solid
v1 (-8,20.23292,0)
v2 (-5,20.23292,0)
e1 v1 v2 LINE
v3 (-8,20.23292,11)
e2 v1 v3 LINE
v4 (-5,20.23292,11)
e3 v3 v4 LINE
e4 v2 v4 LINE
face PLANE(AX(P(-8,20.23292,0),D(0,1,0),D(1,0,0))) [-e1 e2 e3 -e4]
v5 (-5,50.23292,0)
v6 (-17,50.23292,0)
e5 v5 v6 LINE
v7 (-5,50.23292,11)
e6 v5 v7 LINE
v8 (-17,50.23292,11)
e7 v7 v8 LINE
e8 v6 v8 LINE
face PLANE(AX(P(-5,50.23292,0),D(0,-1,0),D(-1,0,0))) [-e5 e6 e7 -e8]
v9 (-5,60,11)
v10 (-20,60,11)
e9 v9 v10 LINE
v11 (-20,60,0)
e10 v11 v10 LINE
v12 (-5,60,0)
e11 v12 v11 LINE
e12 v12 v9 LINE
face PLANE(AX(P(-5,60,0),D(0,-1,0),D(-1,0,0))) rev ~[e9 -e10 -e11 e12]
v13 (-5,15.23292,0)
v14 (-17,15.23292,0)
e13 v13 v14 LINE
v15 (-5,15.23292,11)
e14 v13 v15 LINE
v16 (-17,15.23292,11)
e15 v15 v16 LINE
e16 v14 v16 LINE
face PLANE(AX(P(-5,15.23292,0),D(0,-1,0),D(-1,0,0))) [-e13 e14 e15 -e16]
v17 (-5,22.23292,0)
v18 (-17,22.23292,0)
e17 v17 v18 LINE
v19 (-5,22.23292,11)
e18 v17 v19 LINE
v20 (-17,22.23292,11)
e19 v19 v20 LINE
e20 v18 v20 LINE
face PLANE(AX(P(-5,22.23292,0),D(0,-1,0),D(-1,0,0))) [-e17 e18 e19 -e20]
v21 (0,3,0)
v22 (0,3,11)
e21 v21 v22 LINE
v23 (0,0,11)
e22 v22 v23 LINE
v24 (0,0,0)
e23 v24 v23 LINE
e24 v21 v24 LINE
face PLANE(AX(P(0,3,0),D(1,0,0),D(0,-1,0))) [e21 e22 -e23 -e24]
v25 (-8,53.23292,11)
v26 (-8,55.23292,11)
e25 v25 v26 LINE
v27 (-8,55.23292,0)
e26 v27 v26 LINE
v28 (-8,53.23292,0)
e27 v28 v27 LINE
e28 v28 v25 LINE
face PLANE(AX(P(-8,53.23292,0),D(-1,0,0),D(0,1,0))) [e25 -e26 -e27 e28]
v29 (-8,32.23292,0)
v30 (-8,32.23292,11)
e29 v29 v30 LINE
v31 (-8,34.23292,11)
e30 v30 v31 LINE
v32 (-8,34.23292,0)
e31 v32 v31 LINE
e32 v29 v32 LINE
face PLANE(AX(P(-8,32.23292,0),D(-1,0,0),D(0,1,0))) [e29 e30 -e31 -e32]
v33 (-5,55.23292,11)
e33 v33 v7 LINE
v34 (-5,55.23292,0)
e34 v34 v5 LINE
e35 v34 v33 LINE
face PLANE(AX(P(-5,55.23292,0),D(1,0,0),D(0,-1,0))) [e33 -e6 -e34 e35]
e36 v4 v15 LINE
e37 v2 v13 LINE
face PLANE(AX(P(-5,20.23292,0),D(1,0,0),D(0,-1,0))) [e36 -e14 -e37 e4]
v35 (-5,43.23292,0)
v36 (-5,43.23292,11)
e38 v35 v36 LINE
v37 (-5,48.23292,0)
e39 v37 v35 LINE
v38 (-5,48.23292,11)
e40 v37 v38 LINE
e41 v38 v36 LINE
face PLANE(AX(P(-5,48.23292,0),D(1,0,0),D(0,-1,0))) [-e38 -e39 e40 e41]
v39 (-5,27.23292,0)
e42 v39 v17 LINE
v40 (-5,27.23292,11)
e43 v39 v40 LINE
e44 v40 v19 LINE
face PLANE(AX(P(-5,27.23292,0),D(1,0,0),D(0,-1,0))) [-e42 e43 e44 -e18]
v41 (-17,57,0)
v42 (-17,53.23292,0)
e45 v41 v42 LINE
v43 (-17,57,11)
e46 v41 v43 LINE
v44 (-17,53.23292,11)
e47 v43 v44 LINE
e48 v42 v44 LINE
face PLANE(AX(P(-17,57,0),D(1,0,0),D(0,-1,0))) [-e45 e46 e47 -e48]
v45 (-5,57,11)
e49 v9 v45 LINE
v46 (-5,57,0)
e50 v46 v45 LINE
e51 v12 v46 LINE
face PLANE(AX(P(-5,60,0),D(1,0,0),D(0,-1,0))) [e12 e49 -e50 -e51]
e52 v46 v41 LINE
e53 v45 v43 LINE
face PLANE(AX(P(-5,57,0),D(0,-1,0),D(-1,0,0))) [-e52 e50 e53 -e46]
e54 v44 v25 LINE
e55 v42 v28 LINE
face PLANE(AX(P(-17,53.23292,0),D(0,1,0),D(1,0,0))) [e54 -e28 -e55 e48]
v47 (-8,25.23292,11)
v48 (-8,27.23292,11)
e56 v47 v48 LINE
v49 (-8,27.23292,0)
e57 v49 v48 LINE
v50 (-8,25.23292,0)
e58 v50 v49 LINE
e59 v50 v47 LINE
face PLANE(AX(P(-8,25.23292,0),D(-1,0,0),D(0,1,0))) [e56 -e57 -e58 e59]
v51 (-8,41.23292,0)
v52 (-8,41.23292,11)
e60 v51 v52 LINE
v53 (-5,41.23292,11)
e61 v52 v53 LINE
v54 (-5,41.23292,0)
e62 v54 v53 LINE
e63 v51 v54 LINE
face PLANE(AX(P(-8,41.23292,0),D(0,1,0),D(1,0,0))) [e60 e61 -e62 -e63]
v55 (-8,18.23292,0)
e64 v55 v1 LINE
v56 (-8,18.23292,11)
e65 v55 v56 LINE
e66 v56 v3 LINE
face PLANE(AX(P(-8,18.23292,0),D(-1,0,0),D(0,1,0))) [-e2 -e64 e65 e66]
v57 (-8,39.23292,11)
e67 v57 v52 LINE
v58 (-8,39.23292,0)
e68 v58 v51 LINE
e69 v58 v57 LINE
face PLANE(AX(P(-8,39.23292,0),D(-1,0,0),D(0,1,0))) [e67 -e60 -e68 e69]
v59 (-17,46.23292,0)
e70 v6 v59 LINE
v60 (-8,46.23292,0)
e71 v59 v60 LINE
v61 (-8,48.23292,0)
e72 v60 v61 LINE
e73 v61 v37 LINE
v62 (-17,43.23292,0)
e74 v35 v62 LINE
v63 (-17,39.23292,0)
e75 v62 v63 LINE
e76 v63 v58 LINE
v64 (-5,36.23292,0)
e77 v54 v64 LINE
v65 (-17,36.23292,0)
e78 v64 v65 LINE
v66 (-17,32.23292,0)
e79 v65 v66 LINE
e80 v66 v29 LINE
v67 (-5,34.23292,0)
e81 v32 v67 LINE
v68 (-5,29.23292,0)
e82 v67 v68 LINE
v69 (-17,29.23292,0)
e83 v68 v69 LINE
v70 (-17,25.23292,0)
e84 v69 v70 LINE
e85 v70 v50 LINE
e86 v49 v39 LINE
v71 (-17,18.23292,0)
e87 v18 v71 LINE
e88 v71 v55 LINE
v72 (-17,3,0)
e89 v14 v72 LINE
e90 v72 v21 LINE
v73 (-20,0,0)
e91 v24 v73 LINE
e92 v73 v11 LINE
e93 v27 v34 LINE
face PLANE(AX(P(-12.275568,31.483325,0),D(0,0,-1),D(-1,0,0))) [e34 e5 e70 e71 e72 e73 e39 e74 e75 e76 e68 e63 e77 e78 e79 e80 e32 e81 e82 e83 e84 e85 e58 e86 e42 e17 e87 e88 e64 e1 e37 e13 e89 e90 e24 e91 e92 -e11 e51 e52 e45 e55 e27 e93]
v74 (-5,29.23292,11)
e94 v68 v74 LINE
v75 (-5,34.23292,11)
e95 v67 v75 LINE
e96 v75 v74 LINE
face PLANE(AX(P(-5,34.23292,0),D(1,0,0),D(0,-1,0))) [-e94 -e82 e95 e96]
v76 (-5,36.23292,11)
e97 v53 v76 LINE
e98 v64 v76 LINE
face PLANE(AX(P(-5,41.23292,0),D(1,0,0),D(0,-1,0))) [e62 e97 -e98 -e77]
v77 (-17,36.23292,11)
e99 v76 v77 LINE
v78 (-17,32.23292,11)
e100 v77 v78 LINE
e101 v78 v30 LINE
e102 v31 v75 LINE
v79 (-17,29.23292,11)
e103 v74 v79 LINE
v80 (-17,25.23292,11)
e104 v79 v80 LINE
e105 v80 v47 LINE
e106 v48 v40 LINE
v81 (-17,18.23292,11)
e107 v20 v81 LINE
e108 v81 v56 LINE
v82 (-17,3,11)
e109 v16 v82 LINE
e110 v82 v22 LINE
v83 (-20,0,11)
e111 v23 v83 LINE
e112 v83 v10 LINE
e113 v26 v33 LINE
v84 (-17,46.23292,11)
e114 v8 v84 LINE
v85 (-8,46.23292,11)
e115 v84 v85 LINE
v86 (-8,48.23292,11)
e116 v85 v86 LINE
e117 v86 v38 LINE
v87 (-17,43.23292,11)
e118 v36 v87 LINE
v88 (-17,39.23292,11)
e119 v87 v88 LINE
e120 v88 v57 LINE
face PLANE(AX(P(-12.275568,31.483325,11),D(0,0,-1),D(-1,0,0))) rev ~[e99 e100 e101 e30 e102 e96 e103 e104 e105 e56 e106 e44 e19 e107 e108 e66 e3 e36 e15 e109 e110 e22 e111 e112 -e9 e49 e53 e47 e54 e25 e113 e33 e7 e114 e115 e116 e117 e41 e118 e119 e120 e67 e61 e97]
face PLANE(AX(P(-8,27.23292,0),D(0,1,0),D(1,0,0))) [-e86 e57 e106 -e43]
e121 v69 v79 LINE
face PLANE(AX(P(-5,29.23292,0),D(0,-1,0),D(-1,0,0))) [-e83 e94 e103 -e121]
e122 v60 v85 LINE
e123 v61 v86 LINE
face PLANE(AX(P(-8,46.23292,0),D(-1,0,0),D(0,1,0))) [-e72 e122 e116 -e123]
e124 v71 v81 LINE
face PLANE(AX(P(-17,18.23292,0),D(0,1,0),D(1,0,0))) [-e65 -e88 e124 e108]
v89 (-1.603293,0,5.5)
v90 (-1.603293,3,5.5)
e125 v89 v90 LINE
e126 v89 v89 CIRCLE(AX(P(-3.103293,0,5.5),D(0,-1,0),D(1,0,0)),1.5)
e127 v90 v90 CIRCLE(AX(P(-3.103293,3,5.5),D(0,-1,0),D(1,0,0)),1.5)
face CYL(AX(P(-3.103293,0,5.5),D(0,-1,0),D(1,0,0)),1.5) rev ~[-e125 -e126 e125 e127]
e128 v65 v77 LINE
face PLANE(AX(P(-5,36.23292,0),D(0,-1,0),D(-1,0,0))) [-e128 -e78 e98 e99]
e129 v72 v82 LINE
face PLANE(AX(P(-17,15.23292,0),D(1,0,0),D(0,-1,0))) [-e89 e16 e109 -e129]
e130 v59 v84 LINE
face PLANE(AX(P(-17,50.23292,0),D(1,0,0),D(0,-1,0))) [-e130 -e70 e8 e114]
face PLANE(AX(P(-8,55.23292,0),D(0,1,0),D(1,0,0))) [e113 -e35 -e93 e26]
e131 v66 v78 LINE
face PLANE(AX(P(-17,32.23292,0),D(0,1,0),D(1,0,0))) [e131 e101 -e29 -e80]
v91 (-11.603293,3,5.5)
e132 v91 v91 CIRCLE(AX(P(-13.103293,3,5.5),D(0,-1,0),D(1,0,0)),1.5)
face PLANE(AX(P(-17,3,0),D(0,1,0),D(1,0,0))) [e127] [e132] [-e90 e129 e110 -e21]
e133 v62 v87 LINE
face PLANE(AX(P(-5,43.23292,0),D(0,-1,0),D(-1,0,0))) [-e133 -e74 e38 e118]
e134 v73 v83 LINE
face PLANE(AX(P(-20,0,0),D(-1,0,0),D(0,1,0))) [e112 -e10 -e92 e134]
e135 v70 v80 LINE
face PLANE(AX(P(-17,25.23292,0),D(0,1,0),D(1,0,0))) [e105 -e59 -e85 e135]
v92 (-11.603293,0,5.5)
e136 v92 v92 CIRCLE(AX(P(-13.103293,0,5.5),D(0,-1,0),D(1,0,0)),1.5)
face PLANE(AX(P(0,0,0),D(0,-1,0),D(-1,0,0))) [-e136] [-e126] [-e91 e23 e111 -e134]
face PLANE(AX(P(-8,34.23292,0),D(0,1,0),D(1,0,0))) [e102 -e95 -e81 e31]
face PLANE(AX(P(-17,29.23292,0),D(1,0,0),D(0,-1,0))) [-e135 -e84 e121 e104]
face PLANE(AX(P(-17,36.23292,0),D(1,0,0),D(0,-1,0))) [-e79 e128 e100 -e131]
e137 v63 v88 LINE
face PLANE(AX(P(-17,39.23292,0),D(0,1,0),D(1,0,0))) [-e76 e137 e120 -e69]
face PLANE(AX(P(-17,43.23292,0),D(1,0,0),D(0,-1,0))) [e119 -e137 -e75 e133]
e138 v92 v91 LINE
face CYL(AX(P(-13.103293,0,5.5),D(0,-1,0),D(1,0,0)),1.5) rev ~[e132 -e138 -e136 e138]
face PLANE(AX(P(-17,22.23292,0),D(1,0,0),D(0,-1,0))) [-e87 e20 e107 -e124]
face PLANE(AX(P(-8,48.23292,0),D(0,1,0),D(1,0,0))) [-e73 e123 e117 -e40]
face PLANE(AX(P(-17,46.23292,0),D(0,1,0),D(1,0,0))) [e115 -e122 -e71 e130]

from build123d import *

# Parameters (mm, degrees)
BOSS_EXTRUDE2_DEPTH = 11
SKETCH4_R           = 1.5
CUT_EXTRUDE1_DEPTH  = 11


with BuildPart() as part:
    # Sketch1 → Boss-Extrude2 (new body)
    with BuildSketch(Plane.XY):
        Polygon((0, 0), (-20, 0), (-20, 60), (-17, 60), (-5, 60), (-5, 57), (-17, 57), (-17, 53.232919745), (-8, 53.232919745), (-8, 55.232919745), (-5, 55.232919745), (-5, 50.232919745), (-17, 50.232919745), (-17, 46.232919745), (-8, 46.232919745), (-8, 48.232919745), (-5, 48.232919745), (-5, 43.232919745), (-17, 43.232919745), (-17, 39.232919745), (-8, 39.232919745), (-8, 41.232919745), (-5, 41.232919745), (-5, 36.232919745), (-17, 36.232919745), (-17, 32.232919745), (-8, 32.232919745), (-8, 34.232919745), (-5, 34.232919745), (-5, 29.232919745), (-17, 29.232919745), (-17, 25.232919745), (-8, 25.232919745), (-8, 27.232919745), (-5, 27.232919745), (-5, 22.232919745), (-17, 22.232919745), (-17, 18.232919745), (-8, 18.232919745), (-8, 20.232919745), (-5, 20.232919745), (-5, 15.232919745), (-17, 15.232919745), (-17, 3), (0, 3), align=None)
    extrude(amount=BOSS_EXTRUDE2_DEPTH)

    # Sketch4 → Cut-Extrude1 (cut)
    with BuildSketch(Plane.XZ):
        with Locations((-3.103292827, 5.5)):
            Circle(SKETCH4_R)
        with Locations((-13.103292827, 5.5)):
            Circle(SKETCH4_R)
    extrude(amount=-CUT_EXTRUDE1_DEPTH, mode=Mode.SUBTRACT)


solid = part.part
